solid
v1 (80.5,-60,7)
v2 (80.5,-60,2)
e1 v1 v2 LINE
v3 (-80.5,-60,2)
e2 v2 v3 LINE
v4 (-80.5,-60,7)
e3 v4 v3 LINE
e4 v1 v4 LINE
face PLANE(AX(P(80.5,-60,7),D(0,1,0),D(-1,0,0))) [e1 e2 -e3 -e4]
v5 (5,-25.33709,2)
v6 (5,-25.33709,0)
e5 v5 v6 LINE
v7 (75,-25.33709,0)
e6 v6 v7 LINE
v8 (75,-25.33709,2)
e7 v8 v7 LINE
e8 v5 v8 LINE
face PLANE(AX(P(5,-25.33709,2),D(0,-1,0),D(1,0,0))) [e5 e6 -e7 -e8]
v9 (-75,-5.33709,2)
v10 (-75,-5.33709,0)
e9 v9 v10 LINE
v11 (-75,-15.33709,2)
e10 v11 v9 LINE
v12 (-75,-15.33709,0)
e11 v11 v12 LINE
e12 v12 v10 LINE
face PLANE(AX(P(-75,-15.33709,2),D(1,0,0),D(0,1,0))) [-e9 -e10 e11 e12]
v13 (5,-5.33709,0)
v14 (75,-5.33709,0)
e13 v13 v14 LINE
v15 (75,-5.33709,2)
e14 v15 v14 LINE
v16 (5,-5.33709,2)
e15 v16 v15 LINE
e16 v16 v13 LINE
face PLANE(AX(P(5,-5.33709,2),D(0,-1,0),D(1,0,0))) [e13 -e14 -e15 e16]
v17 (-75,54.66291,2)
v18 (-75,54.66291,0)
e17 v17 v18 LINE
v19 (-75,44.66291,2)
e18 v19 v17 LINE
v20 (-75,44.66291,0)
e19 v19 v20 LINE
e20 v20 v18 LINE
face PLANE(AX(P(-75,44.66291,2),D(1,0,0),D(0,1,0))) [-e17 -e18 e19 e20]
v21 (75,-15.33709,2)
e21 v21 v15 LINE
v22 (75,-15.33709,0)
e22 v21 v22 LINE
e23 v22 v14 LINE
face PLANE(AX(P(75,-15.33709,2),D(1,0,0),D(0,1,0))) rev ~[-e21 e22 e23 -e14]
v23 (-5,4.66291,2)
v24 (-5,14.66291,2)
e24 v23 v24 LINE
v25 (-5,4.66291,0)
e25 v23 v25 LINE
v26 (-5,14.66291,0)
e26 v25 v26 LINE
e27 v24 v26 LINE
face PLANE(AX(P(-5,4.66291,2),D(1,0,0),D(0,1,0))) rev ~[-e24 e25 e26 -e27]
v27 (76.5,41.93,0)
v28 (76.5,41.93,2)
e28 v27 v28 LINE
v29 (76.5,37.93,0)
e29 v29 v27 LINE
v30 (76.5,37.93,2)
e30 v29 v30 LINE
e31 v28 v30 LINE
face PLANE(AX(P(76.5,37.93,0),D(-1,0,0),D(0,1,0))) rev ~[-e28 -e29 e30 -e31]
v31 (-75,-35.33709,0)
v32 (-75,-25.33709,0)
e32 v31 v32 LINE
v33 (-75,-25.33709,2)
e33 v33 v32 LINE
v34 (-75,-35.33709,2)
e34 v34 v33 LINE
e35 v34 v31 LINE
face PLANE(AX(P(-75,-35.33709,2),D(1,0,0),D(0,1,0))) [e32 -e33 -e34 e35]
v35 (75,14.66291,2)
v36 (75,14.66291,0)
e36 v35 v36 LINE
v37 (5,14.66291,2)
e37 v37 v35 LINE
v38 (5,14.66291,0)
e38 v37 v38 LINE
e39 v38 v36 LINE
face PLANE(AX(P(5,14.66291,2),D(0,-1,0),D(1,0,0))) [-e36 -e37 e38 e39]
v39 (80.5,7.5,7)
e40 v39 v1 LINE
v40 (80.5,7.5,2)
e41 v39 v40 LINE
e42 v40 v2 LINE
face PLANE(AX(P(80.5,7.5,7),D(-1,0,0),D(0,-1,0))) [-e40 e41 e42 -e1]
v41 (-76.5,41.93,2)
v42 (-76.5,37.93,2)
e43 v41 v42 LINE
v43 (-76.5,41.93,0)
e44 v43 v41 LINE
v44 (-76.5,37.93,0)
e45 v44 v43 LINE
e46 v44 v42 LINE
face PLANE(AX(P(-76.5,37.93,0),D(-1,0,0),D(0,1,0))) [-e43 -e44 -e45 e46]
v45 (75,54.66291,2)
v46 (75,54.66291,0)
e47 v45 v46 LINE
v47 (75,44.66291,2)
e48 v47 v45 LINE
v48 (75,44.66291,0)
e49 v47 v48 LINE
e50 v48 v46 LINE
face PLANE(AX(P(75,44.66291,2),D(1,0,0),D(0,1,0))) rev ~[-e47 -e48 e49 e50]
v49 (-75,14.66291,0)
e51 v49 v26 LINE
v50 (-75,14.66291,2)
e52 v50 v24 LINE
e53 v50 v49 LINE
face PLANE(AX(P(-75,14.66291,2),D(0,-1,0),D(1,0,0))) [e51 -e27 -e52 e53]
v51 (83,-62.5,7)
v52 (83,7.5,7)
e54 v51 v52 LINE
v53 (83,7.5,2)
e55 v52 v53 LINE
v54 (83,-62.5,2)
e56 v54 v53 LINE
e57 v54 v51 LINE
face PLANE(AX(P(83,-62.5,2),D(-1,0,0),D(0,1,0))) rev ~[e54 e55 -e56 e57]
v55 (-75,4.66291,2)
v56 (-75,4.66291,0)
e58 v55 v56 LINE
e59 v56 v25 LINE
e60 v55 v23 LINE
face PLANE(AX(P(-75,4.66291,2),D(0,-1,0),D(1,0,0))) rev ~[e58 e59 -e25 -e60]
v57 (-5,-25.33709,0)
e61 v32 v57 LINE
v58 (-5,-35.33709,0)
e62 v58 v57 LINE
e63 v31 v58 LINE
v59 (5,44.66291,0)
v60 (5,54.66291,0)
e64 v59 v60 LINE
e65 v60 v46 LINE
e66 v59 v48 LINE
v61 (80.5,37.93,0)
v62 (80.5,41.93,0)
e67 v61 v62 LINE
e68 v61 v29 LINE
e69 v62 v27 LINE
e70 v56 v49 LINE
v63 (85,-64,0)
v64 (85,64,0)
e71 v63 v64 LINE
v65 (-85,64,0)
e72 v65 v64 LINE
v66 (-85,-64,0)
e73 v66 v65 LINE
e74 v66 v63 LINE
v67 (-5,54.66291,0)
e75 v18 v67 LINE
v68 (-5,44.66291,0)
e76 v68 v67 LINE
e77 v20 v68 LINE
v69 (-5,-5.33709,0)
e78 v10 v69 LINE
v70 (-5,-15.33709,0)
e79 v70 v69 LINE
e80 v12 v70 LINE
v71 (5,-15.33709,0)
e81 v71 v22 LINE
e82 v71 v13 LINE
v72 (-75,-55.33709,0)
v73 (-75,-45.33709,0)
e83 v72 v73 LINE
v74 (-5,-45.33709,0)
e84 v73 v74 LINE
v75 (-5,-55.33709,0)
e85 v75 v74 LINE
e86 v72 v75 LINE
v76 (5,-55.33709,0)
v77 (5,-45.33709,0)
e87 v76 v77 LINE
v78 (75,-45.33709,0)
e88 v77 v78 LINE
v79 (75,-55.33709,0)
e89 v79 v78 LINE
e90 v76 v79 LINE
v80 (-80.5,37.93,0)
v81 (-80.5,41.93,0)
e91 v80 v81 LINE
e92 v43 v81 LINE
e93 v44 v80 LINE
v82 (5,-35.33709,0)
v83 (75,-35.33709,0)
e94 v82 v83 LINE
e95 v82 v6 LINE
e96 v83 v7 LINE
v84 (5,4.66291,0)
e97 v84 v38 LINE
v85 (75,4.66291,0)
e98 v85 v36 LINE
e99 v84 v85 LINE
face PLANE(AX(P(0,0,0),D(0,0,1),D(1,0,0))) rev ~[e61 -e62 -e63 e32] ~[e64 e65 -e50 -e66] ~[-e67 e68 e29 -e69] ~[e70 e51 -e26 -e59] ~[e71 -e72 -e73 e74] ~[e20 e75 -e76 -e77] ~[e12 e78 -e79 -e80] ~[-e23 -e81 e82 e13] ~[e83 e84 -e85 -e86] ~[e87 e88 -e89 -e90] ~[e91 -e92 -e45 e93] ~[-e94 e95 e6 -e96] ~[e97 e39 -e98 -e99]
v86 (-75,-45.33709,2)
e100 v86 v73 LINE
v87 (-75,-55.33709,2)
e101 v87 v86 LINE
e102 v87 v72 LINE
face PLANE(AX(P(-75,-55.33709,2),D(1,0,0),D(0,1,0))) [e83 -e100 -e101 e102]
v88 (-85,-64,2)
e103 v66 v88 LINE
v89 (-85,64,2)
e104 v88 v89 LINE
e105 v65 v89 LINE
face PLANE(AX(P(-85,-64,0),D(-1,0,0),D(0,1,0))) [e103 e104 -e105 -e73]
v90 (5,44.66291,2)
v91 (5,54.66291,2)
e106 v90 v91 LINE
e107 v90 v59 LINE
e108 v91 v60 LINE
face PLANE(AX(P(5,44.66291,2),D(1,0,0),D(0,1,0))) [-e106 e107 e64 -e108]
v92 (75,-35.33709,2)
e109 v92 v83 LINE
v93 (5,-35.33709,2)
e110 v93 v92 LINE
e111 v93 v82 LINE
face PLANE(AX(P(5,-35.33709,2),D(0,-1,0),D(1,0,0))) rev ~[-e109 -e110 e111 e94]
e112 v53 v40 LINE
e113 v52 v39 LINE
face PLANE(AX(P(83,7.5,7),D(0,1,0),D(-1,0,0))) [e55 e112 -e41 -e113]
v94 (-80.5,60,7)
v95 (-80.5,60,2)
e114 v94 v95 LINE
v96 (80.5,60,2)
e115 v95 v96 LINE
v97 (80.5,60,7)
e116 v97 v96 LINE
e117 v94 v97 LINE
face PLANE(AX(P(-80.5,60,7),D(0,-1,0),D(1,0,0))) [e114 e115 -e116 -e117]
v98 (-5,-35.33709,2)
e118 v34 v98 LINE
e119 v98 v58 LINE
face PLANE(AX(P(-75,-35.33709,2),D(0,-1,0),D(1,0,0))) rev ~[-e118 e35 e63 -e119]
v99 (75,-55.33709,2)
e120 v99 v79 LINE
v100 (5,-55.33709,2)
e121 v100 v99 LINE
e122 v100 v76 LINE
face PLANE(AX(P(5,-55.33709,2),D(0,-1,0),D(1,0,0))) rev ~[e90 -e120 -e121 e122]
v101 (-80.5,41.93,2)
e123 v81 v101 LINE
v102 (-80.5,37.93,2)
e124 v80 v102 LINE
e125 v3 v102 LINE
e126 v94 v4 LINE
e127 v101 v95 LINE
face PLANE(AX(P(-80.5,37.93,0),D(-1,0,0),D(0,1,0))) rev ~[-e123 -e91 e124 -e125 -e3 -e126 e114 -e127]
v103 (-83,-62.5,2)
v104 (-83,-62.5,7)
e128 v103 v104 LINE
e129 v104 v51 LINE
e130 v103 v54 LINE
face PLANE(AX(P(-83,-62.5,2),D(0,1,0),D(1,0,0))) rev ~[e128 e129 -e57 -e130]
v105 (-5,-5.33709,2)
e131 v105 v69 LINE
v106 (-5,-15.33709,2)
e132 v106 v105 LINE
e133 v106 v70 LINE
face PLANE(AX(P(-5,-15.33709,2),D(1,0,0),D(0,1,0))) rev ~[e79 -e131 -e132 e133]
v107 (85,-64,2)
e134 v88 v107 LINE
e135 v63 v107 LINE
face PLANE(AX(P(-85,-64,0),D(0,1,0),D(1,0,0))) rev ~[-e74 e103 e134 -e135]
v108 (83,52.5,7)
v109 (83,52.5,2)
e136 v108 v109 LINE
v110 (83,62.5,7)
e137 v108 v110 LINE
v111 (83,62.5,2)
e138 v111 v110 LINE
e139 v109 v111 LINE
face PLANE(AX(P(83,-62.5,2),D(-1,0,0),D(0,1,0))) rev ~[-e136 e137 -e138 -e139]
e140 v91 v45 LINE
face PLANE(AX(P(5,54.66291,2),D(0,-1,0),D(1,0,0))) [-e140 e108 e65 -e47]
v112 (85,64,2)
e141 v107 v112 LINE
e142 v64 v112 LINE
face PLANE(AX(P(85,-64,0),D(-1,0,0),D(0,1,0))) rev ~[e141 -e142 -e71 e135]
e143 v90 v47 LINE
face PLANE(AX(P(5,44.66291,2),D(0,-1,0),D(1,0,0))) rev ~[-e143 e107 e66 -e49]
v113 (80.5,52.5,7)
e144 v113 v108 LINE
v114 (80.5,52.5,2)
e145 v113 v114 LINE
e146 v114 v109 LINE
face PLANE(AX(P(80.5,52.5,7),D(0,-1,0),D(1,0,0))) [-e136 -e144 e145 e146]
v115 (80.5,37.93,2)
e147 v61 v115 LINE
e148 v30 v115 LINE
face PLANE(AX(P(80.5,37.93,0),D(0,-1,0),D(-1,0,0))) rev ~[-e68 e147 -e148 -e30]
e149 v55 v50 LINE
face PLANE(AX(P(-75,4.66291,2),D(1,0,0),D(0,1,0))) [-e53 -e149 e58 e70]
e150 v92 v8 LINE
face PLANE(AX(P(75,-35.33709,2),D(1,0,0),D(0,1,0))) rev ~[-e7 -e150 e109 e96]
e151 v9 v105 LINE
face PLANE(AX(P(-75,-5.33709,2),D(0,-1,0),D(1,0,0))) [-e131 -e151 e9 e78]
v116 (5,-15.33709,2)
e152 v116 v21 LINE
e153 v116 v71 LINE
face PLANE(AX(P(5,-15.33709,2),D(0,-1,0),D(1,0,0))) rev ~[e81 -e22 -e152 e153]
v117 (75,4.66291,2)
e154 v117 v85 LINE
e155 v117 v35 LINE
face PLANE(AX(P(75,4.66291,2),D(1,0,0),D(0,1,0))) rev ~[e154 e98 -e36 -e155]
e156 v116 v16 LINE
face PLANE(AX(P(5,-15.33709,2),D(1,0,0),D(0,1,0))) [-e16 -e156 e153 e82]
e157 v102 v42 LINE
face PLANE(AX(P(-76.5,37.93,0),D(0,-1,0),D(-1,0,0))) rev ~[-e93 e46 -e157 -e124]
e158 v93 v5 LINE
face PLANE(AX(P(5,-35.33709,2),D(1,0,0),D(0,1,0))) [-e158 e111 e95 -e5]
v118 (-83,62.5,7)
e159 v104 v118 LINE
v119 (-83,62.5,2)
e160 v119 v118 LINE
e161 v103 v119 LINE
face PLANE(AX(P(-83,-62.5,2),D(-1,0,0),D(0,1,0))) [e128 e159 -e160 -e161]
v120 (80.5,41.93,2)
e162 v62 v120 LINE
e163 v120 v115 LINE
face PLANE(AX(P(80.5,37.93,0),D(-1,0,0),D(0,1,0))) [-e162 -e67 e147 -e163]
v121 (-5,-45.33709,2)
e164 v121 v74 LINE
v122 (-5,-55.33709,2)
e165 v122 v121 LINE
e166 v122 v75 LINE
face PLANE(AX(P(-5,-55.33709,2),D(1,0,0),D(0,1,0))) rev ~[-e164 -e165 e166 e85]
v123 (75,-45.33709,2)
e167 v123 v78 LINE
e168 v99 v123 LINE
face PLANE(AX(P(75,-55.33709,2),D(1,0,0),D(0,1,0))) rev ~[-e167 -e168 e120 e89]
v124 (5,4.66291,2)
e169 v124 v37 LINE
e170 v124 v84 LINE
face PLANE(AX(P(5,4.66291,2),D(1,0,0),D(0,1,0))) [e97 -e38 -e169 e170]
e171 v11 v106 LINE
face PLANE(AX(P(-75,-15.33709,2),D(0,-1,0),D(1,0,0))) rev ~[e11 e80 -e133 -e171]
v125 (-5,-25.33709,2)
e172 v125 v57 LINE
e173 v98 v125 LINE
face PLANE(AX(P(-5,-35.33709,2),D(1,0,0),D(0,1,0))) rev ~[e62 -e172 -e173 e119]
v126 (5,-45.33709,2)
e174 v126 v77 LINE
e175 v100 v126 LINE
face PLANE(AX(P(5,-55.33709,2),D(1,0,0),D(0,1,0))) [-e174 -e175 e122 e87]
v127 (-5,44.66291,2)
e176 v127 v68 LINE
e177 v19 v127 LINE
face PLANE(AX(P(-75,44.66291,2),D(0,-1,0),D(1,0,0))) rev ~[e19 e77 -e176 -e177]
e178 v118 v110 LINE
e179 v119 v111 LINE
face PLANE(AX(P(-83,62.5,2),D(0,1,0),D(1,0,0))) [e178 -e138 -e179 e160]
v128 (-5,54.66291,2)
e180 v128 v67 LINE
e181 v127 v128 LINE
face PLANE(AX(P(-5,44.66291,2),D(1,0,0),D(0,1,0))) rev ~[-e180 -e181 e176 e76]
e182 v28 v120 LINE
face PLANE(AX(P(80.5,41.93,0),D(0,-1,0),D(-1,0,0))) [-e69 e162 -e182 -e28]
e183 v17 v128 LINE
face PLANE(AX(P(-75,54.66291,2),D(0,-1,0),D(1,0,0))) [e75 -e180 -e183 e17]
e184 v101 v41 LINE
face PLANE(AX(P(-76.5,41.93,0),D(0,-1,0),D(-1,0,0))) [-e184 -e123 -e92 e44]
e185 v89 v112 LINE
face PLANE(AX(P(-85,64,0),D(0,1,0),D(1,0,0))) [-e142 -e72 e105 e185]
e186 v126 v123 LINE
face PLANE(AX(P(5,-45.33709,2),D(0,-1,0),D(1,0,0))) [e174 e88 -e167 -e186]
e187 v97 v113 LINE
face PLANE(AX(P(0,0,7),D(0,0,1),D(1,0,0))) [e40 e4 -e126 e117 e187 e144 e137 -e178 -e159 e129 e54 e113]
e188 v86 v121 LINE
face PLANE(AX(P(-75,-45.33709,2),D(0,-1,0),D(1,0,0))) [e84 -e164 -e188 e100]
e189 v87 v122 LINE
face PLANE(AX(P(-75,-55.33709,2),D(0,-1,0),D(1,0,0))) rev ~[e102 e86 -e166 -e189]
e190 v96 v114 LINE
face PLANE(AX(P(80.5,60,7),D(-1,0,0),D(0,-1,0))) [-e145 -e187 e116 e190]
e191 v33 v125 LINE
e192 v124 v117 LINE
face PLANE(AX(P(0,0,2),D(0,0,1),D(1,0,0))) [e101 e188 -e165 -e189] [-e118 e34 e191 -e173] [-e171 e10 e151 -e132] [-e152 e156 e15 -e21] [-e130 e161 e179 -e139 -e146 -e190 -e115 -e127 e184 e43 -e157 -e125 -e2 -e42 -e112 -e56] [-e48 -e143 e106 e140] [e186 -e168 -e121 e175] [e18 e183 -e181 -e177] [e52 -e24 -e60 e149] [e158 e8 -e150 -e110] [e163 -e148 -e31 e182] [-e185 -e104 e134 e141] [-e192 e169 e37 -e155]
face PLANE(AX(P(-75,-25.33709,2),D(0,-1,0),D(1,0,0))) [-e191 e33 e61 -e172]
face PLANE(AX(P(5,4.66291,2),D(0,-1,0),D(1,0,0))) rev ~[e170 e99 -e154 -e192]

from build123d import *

# Parameters (mm, degrees)
SKETCH_3_W          = 170
SKETCH_3_H          = 128
EXTRUDE_2_DEPTH     = 2
SKETCH_4_W          = 166
SKETCH_4_H          = 125
EXTRUDE_3_DEPTH     = 5
CUT_EXTRUDE_1_DEPTH = 5
SKETCH_7_W          = 70
SKETCH_7_H          = 10
CUT_EXTRUDE_3_DEPTH = 107.517604179
SKETCH_6_W          = 4
SKETCH_6_H          = 4
CUT_EXTRUDE_4_DEPTH = 107.630202101


with BuildPart() as part:
    # 草图3 → 凸台-拉伸2 (new body)
    with BuildSketch(Plane.XY):
        Rectangle(SKETCH_3_W, SKETCH_3_H)
    extrude(amount=EXTRUDE_2_DEPTH)

    # 草图4 → 凸台-拉伸3 (add)
    with BuildSketch(Plane.XY.offset(2)):
        Rectangle(SKETCH_4_W, SKETCH_4_H)
    extrude(amount=EXTRUDE_3_DEPTH)

    # 草图5 → 切除-拉伸1 (cut)
    with BuildSketch(Plane.XY.offset(7)):
        Polygon((-80.5, 60), (80.5, 60), (80.5, 52.5), (83, 52.5), (83, 7.5), (80.5, 7.5), (80.5, -60), (-80.5, -60), align=None)
    extrude(amount=-CUT_EXTRUDE_1_DEPTH, mode=Mode.SUBTRACT)

    # 草图7 → 切除-拉伸3 (cut, through all)
    with BuildSketch(Plane.XY.offset(2)):
        with Locations((-40, -50.337089846)):
            Rectangle(SKETCH_7_W, SKETCH_7_H)
        with Locations((40, -50.337089846)):
            Rectangle(SKETCH_7_W, SKETCH_7_H)
        with Locations((-40, -30.337089846)):
            Rectangle(SKETCH_7_W, SKETCH_7_H)
        with Locations((40, -30.337089846)):
            Rectangle(SKETCH_7_W, SKETCH_7_H)
        with Locations((-40, -10.337089846)):
            Rectangle(SKETCH_7_W, SKETCH_7_H)
        with Locations((40, -10.337089846)):
            Rectangle(SKETCH_7_W, SKETCH_7_H)
        with Locations((-40, 9.662910154)):
            Rectangle(SKETCH_7_W, SKETCH_7_H)
        with Locations((40, 9.662910154)):
            Rectangle(SKETCH_7_W, SKETCH_7_H)
        with Locations((-40, 49.662910154)):
            Rectangle(SKETCH_7_W, SKETCH_7_H)
        with Locations((40, 49.662910154)):
            Rectangle(SKETCH_7_W, SKETCH_7_H)
    extrude(amount=-CUT_EXTRUDE_3_DEPTH, mode=Mode.SUBTRACT)

    # 草图6 → 切除-拉伸4 (cut, through all)
    with BuildSketch(Plane(origin=(0, 0, 0), x_dir=(-1, 0, 0), z_dir=(0, 0, -1))):
        with Locations((-78.5, 39.93)):
            Rectangle(SKETCH_6_W, SKETCH_6_H)
        with Locations((78.5, 39.93)):
            Rectangle(SKETCH_6_W, SKETCH_6_H)
    extrude(amount=-CUT_EXTRUDE_4_DEPTH, mode=Mode.SUBTRACT)


solid = part.part
